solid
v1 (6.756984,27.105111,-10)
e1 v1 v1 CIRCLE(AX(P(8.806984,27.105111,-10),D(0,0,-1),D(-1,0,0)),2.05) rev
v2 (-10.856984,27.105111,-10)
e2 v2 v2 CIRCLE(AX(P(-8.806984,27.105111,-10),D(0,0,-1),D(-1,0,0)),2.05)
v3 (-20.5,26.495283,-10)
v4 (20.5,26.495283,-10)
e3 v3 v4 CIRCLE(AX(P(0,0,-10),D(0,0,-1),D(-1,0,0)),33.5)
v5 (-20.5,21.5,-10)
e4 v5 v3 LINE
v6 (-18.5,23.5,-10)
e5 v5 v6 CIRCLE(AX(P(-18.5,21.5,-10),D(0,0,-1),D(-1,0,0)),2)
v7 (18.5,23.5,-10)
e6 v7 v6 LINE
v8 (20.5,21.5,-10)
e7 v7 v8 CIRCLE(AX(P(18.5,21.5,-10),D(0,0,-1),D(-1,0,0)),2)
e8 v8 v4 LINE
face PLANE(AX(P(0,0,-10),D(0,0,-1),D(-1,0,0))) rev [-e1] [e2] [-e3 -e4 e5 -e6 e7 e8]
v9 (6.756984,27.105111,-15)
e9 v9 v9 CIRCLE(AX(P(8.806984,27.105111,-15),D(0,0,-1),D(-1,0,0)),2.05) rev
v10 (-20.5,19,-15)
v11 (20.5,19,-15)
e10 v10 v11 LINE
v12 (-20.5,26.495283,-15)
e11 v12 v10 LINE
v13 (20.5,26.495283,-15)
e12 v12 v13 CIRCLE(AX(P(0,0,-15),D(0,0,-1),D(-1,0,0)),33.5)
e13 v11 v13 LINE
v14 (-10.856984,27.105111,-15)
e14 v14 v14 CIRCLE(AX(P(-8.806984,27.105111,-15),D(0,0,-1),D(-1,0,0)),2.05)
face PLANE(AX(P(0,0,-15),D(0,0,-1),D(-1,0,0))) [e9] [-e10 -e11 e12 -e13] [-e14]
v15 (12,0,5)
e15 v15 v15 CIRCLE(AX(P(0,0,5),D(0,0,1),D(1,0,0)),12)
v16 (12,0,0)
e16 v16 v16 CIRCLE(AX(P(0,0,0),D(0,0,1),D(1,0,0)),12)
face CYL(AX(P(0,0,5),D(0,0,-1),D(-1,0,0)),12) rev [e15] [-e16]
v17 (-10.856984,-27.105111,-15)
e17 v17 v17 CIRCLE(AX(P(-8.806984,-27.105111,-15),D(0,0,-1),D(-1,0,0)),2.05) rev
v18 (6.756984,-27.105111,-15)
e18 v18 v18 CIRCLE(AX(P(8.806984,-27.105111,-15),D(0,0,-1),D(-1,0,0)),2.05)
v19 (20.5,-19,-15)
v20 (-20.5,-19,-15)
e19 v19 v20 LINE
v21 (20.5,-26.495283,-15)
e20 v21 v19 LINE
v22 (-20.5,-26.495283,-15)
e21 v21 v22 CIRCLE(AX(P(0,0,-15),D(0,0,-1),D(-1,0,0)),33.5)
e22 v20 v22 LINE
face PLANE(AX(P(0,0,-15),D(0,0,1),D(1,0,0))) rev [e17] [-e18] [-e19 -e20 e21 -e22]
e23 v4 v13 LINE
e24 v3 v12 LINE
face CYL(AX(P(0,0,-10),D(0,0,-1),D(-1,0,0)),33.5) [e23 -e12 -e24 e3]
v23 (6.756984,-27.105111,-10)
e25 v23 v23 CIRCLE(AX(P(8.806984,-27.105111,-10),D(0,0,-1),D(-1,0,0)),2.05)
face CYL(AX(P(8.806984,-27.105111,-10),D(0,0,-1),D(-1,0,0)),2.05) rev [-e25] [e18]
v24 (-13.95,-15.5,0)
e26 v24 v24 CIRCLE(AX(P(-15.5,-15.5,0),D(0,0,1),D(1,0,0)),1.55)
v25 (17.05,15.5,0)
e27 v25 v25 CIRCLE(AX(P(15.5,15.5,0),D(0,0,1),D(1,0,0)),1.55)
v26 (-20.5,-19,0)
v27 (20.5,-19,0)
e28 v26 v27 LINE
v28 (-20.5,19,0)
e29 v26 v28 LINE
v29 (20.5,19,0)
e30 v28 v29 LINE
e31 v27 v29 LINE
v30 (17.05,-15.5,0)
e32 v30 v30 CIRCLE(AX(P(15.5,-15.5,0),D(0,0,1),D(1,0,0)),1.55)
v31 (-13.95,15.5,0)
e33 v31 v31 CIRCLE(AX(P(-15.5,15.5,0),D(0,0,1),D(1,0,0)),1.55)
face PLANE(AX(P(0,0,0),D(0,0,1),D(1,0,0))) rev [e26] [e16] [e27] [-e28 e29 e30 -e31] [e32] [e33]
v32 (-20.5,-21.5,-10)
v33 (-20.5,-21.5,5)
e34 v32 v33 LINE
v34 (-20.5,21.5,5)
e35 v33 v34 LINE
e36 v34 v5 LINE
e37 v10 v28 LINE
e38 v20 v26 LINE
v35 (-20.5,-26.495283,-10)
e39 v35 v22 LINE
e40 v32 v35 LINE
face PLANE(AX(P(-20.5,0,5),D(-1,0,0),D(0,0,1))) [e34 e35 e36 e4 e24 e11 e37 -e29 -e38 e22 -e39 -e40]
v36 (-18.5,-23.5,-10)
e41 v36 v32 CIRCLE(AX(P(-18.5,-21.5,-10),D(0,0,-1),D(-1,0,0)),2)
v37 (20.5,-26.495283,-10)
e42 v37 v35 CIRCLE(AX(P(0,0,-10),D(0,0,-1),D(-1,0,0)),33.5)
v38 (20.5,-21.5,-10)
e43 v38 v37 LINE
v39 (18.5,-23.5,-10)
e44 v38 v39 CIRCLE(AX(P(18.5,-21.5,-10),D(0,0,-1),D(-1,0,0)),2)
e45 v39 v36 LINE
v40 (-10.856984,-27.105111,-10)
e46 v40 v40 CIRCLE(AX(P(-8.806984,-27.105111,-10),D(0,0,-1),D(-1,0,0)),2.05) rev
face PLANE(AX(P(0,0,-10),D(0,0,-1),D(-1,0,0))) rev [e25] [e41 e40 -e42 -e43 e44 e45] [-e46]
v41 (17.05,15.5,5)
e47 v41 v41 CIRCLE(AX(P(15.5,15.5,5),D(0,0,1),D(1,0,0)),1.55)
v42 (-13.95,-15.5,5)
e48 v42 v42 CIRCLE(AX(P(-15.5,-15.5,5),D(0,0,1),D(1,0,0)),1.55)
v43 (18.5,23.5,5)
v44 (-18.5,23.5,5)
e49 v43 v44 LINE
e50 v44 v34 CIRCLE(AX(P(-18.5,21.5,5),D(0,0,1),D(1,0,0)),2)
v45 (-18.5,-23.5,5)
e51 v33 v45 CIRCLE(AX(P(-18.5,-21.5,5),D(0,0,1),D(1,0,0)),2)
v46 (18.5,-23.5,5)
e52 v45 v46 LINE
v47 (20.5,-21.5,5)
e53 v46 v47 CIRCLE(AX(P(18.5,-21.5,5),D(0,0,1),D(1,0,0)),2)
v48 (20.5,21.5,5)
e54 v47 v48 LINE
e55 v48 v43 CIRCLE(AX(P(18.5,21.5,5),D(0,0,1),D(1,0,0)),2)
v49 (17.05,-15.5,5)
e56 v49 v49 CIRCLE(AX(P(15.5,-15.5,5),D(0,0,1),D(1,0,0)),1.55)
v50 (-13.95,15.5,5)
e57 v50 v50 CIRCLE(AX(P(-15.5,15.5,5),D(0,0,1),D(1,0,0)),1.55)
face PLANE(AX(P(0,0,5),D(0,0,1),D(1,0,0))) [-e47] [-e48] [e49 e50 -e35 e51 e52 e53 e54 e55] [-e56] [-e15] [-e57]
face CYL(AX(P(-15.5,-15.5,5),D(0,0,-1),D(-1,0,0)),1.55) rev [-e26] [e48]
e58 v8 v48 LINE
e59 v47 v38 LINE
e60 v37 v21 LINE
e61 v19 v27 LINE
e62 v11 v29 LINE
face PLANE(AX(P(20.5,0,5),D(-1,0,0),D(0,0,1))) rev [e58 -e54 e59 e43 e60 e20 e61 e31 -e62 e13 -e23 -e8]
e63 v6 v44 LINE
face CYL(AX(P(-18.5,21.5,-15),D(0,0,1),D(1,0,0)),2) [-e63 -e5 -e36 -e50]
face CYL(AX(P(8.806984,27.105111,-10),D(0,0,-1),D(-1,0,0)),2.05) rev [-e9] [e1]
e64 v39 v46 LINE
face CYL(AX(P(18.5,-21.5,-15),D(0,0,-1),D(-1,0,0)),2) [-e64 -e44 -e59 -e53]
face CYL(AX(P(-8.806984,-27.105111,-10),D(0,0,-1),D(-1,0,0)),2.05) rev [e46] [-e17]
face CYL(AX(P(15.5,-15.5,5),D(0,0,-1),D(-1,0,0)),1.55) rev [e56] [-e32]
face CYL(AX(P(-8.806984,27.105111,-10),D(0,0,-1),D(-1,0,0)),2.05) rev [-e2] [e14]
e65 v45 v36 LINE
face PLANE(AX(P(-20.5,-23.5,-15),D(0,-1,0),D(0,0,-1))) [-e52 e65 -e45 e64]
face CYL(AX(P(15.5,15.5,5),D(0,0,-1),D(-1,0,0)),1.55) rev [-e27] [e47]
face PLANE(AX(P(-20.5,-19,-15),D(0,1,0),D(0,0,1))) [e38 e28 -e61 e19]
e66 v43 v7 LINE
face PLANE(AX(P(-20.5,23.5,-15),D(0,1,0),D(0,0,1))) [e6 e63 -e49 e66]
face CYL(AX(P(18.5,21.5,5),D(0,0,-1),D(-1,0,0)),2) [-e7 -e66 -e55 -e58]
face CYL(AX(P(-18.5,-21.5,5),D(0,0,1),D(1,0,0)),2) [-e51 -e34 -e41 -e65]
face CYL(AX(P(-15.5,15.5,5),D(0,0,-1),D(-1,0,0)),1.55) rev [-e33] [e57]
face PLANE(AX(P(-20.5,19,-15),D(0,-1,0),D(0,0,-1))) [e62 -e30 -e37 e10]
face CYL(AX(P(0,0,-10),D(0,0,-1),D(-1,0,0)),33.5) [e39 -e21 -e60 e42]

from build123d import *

# Parameters (mm, degrees)
SKETCH1_W           = 41
SKETCH1_H           = 38
SKETCH1_R           = 1.55
SKETCH1_R_2         = 12
BOSS_EXTRUDE1_DEPTH = 5
SKETCH2_W           = 41
SKETCH2_H           = 4.5
BOSS_EXTRUDE2_DEPTH = 20
SKETCH3_R           = 2.05
BOSS_EXTRUDE3_DEPTH = 5
FILLET1_R           = 2


with BuildPart() as part:
    # Sketch1 → Boss-Extrude1 (new body)
    with BuildSketch(Plane.XY):
        Rectangle(SKETCH1_W, SKETCH1_H)
        with Locations((15.5, 15.5)):
            Circle(SKETCH1_R, mode=Mode.SUBTRACT)
        with Locations((-15.5, 15.5)):
            Circle(SKETCH1_R, mode=Mode.SUBTRACT)
        with Locations((15.5, -15.5)):
            Circle(SKETCH1_R, mode=Mode.SUBTRACT)
        with Locations((-15.5, -15.5)):
            Circle(SKETCH1_R, mode=Mode.SUBTRACT)
        Circle(SKETCH1_R_2, mode=Mode.SUBTRACT)
    extrude(amount=BOSS_EXTRUDE1_DEPTH)

    # Sketch2 → Boss-Extrude2 (add)
    with BuildSketch(Plane.XY.offset(5)):
        with Locations((0, 21.25)):
            Rectangle(SKETCH2_W, SKETCH2_H)
        with Locations((0, -21.25)):
            Rectangle(SKETCH2_W, SKETCH2_H)
    extrude(amount=-BOSS_EXTRUDE2_DEPTH)

    # Sketch3 → Boss-Extrude3 (add)
    # profile 1 of 2: a face of its own
    with BuildSketch(Plane(origin=(0, 0, -15), x_dir=(-1, 0, 0), z_dir=(0, 0, -1))):
        with BuildLine():
            Line((-20.5, 26.495282599), (-20.5, 23.5))
            Line((-20.5, 23.5), (20.5, 23.5))
            Line((20.5, 23.5), (20.5, 26.495282599))
            ThreePointArc((20.5, 26.495282599), (10.831851903, 31.700488708), (-7.9e-08, 33.5))
            ThreePointArc((-7.9e-08, 33.5), (-10.831851978, 31.700488683), (-20.5, 26.495282599))
        make_face()
        with Locations((-8.80698434, 27.105110714)):
            Circle(SKETCH3_R, mode=Mode.SUBTRACT)
        with Locations((8.80698434, 27.105110714)):
            Circle(SKETCH3_R, mode=Mode.SUBTRACT)
    # profile 2 of 2: a face of its own
    with BuildSketch(Plane(origin=(0, 0, -15), x_dir=(-1, 0, 0), z_dir=(0, 0, -1))):
        with BuildLine():
            Line((-20.5, -23.5), (-20.5, -26.495282599))
            ThreePointArc((-20.5, -26.495282599), (-10.831851978, -31.700488683), (-7.9e-08, -33.5))
            ThreePointArc((-7.9e-08, -33.5), (10.831851903, -31.700488708), (20.5, -26.495282599))
            Line((20.5, -26.495282599), (20.5, -23.5))
            Line((20.5, -23.5), (-20.5, -23.5))
        make_face()
        with Locations((-8.80698434, -27.105110714)):
            Circle(SKETCH3_R, mode=Mode.SUBTRACT)
        with Locations((8.80698434, -27.105110714)):
            Circle(SKETCH3_R, mode=Mode.SUBTRACT)
    extrude(amount=-BOSS_EXTRUDE3_DEPTH)

    # Fillet1
    fillet1_edges = [part.edges().sort_by_distance(p)[0] for p in [
        (20.5, 23.5, -2.5),
        (-20.5, 23.5, -2.5),
        (-20.5, -23.5, -2.5),
        (20.5, -23.5, -2.5),
    ]]
    fillet(fillet1_edges, radius=FILLET1_R)


solid = part.part
